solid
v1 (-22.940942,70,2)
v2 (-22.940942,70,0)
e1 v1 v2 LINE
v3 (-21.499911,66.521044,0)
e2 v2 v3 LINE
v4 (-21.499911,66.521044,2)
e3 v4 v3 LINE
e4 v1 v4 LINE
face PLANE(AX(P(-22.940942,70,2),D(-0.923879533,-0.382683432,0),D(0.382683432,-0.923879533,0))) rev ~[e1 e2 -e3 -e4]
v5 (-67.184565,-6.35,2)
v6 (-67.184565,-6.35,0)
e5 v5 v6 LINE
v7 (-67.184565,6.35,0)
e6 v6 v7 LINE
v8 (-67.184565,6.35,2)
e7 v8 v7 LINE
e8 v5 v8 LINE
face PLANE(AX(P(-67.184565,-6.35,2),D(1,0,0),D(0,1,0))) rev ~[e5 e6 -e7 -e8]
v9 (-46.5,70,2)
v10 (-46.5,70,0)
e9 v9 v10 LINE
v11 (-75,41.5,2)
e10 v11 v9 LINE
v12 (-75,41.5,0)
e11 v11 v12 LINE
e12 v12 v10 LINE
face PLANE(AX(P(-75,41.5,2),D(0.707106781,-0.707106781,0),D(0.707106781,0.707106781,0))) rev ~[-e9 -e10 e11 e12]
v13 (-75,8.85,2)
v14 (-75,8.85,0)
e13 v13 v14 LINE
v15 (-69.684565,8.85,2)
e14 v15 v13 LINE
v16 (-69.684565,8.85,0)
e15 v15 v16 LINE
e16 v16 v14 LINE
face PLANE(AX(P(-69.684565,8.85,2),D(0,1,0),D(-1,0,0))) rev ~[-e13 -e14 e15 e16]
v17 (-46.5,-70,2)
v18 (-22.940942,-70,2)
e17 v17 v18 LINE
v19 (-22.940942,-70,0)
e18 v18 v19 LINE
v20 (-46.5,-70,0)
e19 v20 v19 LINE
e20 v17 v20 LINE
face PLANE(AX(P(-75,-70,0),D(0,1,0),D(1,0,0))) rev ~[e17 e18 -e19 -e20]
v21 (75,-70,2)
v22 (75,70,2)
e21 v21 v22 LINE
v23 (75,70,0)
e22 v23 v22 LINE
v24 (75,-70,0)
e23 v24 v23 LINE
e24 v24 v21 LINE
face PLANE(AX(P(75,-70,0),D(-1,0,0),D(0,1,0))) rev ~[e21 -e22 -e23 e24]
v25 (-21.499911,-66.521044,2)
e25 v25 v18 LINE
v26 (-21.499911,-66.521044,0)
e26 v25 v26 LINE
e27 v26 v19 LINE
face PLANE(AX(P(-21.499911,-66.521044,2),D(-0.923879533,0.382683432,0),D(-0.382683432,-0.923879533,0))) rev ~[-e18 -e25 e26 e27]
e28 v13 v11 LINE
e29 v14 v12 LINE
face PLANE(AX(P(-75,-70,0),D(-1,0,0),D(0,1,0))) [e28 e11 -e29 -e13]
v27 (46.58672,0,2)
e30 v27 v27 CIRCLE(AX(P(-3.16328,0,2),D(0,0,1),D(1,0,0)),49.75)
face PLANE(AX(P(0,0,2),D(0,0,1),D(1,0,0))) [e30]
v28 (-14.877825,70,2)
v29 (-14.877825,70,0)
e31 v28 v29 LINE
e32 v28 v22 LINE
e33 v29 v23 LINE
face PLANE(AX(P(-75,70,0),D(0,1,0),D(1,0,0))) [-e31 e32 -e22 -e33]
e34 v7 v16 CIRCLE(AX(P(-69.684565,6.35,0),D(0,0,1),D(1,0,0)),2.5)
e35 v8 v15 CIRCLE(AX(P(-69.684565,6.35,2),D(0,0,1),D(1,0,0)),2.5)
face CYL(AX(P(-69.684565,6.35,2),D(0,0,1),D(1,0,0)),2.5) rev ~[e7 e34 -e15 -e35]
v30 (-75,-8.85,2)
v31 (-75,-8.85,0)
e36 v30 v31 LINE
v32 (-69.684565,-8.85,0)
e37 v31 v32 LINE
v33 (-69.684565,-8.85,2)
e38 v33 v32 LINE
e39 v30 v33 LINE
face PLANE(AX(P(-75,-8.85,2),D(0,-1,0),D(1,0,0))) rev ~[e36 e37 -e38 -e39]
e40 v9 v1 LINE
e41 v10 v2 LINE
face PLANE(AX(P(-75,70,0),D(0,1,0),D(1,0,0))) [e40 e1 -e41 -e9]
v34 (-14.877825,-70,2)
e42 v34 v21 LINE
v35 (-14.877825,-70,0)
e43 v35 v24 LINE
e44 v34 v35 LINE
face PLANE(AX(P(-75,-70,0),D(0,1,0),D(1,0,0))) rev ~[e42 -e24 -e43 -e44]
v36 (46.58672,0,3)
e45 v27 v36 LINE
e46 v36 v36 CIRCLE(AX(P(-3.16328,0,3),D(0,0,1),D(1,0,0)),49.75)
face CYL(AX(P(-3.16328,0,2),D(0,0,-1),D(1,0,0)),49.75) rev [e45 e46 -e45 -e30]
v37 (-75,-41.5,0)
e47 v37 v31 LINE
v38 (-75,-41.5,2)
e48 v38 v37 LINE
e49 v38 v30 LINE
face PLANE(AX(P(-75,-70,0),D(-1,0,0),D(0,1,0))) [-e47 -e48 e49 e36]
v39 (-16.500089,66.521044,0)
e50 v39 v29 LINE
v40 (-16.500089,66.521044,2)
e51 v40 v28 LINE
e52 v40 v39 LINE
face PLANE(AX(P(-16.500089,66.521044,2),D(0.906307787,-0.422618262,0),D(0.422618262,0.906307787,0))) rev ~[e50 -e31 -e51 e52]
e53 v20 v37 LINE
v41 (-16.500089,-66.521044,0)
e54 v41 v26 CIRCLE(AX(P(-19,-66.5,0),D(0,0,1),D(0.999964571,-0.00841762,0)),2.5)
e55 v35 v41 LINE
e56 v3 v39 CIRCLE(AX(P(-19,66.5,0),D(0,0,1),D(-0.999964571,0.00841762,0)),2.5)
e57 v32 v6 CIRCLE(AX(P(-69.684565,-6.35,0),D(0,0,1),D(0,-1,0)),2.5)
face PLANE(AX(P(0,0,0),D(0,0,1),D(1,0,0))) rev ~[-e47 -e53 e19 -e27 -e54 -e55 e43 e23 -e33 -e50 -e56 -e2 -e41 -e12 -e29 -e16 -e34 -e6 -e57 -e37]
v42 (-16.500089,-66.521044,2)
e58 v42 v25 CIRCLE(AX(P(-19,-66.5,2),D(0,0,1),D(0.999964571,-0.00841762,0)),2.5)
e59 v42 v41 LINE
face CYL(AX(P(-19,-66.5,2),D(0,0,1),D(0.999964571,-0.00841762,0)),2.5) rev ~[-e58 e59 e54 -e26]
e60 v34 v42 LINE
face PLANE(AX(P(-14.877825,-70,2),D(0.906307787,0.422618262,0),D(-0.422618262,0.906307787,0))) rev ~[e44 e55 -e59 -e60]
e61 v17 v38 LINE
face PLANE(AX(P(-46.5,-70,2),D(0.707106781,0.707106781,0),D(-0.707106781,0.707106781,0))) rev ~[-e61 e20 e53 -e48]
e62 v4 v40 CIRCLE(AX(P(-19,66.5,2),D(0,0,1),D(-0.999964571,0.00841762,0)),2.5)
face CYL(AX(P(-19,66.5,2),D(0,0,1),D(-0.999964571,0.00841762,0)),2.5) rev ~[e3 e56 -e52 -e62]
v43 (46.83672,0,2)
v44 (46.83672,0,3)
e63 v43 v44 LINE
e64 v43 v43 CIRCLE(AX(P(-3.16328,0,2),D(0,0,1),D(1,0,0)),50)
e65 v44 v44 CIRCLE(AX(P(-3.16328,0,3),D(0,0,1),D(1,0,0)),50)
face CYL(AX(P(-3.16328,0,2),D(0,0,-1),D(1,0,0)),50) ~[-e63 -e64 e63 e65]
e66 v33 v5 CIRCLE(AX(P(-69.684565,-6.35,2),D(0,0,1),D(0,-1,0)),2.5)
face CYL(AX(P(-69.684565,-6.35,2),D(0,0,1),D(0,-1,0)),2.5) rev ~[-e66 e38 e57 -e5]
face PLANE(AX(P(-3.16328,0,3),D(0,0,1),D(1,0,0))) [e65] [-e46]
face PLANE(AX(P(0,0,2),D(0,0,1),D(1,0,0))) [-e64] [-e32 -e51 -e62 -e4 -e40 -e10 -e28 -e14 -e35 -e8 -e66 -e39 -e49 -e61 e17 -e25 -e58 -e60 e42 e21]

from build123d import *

# Parameters (mm, degrees)
F0_W     = 150
F0_H     = 140
F1_DEPTH = 2
F2_R     = 2.5
F3_DEPTH = 5
F4_R     = 50
F4_R_2   = 49.75
F5_DEPTH = 1


with BuildPart() as f1:
    # F0 (on Top) → F1 (new body)
    with BuildSketch(Plane.XY):
        Rectangle(F0_W, F0_H)
    extrude(amount=F1_DEPTH)

    # F2 (on face) → F3 (cut)
    with BuildSketch(Plane.XY.offset(2)):
        Polygon((-75, 70), (-75, 41.5), (-46.5, 70), align=None)
        with Locations((-64, 57.6)):
            Circle(F2_R, mode=Mode.SUBTRACT)
        Polygon((-46.5, -70), (-75, -41.5), (-75, -70), align=None)
        with Locations((-64, -57.6)):
            Circle(F2_R, mode=Mode.SUBTRACT)
        with BuildLine():
            Line((-67.1845650673, -6.35), (-67.1845650673, 6.35))
            ThreePointArc((-67.1845650673, 6.35), (-67.9167981143, 8.117766953), (-69.6845650673, 8.85))
            Line((-69.6845650673, 8.85), (-75, 8.85))
            Line((-75, 8.85), (-75, -8.85))
            Line((-75, -8.85), (-69.6845650673, -8.85))
            ThreePointArc((-69.6845650673, -8.85), (-67.9167981143, -8.117766953), (-67.1845650673, -6.35))
        make_face()
        with BuildLine():
            Line((-21.499911428, -66.5210440509), (-22.940942165, -70))
            Line((-22.940942165, -70), (-14.8778247705, -70))
            Line((-14.8778247705, -70), (-16.500088572, -66.5210440509))
            ThreePointArc((-16.500088572, -66.5210440509), (-19, -64), (-21.499911428, -66.5210440509))
        make_face()
        with BuildLine():
            Line((-14.8778247705, 70), (-22.940942165, 70))
            Line((-22.940942165, 70), (-21.499911428, 66.5210440509))
            ThreePointArc((-21.499911428, 66.5210440509), (-19, 64), (-16.500088572, 66.5210440509))
            Line((-16.500088572, 66.5210440509), (-14.8778247705, 70))
        make_face()
        with Locations((-64, 57.6)):
            Circle(F2_R)
        with Locations((-64, -57.6)):
            Circle(F2_R)
    extrude(amount=-F3_DEPTH, mode=Mode.SUBTRACT)

    # F4 (on face) → F5 (join)
    with BuildSketch(Plane.XY.offset(2)):
        with Locations((-3.16328, 0)):
            Circle(F4_R)
        with Locations((-3.16328, 0)):
            Circle(F4_R_2, mode=Mode.SUBTRACT)
    extrude(amount=F5_DEPTH)


solid = f1.part
